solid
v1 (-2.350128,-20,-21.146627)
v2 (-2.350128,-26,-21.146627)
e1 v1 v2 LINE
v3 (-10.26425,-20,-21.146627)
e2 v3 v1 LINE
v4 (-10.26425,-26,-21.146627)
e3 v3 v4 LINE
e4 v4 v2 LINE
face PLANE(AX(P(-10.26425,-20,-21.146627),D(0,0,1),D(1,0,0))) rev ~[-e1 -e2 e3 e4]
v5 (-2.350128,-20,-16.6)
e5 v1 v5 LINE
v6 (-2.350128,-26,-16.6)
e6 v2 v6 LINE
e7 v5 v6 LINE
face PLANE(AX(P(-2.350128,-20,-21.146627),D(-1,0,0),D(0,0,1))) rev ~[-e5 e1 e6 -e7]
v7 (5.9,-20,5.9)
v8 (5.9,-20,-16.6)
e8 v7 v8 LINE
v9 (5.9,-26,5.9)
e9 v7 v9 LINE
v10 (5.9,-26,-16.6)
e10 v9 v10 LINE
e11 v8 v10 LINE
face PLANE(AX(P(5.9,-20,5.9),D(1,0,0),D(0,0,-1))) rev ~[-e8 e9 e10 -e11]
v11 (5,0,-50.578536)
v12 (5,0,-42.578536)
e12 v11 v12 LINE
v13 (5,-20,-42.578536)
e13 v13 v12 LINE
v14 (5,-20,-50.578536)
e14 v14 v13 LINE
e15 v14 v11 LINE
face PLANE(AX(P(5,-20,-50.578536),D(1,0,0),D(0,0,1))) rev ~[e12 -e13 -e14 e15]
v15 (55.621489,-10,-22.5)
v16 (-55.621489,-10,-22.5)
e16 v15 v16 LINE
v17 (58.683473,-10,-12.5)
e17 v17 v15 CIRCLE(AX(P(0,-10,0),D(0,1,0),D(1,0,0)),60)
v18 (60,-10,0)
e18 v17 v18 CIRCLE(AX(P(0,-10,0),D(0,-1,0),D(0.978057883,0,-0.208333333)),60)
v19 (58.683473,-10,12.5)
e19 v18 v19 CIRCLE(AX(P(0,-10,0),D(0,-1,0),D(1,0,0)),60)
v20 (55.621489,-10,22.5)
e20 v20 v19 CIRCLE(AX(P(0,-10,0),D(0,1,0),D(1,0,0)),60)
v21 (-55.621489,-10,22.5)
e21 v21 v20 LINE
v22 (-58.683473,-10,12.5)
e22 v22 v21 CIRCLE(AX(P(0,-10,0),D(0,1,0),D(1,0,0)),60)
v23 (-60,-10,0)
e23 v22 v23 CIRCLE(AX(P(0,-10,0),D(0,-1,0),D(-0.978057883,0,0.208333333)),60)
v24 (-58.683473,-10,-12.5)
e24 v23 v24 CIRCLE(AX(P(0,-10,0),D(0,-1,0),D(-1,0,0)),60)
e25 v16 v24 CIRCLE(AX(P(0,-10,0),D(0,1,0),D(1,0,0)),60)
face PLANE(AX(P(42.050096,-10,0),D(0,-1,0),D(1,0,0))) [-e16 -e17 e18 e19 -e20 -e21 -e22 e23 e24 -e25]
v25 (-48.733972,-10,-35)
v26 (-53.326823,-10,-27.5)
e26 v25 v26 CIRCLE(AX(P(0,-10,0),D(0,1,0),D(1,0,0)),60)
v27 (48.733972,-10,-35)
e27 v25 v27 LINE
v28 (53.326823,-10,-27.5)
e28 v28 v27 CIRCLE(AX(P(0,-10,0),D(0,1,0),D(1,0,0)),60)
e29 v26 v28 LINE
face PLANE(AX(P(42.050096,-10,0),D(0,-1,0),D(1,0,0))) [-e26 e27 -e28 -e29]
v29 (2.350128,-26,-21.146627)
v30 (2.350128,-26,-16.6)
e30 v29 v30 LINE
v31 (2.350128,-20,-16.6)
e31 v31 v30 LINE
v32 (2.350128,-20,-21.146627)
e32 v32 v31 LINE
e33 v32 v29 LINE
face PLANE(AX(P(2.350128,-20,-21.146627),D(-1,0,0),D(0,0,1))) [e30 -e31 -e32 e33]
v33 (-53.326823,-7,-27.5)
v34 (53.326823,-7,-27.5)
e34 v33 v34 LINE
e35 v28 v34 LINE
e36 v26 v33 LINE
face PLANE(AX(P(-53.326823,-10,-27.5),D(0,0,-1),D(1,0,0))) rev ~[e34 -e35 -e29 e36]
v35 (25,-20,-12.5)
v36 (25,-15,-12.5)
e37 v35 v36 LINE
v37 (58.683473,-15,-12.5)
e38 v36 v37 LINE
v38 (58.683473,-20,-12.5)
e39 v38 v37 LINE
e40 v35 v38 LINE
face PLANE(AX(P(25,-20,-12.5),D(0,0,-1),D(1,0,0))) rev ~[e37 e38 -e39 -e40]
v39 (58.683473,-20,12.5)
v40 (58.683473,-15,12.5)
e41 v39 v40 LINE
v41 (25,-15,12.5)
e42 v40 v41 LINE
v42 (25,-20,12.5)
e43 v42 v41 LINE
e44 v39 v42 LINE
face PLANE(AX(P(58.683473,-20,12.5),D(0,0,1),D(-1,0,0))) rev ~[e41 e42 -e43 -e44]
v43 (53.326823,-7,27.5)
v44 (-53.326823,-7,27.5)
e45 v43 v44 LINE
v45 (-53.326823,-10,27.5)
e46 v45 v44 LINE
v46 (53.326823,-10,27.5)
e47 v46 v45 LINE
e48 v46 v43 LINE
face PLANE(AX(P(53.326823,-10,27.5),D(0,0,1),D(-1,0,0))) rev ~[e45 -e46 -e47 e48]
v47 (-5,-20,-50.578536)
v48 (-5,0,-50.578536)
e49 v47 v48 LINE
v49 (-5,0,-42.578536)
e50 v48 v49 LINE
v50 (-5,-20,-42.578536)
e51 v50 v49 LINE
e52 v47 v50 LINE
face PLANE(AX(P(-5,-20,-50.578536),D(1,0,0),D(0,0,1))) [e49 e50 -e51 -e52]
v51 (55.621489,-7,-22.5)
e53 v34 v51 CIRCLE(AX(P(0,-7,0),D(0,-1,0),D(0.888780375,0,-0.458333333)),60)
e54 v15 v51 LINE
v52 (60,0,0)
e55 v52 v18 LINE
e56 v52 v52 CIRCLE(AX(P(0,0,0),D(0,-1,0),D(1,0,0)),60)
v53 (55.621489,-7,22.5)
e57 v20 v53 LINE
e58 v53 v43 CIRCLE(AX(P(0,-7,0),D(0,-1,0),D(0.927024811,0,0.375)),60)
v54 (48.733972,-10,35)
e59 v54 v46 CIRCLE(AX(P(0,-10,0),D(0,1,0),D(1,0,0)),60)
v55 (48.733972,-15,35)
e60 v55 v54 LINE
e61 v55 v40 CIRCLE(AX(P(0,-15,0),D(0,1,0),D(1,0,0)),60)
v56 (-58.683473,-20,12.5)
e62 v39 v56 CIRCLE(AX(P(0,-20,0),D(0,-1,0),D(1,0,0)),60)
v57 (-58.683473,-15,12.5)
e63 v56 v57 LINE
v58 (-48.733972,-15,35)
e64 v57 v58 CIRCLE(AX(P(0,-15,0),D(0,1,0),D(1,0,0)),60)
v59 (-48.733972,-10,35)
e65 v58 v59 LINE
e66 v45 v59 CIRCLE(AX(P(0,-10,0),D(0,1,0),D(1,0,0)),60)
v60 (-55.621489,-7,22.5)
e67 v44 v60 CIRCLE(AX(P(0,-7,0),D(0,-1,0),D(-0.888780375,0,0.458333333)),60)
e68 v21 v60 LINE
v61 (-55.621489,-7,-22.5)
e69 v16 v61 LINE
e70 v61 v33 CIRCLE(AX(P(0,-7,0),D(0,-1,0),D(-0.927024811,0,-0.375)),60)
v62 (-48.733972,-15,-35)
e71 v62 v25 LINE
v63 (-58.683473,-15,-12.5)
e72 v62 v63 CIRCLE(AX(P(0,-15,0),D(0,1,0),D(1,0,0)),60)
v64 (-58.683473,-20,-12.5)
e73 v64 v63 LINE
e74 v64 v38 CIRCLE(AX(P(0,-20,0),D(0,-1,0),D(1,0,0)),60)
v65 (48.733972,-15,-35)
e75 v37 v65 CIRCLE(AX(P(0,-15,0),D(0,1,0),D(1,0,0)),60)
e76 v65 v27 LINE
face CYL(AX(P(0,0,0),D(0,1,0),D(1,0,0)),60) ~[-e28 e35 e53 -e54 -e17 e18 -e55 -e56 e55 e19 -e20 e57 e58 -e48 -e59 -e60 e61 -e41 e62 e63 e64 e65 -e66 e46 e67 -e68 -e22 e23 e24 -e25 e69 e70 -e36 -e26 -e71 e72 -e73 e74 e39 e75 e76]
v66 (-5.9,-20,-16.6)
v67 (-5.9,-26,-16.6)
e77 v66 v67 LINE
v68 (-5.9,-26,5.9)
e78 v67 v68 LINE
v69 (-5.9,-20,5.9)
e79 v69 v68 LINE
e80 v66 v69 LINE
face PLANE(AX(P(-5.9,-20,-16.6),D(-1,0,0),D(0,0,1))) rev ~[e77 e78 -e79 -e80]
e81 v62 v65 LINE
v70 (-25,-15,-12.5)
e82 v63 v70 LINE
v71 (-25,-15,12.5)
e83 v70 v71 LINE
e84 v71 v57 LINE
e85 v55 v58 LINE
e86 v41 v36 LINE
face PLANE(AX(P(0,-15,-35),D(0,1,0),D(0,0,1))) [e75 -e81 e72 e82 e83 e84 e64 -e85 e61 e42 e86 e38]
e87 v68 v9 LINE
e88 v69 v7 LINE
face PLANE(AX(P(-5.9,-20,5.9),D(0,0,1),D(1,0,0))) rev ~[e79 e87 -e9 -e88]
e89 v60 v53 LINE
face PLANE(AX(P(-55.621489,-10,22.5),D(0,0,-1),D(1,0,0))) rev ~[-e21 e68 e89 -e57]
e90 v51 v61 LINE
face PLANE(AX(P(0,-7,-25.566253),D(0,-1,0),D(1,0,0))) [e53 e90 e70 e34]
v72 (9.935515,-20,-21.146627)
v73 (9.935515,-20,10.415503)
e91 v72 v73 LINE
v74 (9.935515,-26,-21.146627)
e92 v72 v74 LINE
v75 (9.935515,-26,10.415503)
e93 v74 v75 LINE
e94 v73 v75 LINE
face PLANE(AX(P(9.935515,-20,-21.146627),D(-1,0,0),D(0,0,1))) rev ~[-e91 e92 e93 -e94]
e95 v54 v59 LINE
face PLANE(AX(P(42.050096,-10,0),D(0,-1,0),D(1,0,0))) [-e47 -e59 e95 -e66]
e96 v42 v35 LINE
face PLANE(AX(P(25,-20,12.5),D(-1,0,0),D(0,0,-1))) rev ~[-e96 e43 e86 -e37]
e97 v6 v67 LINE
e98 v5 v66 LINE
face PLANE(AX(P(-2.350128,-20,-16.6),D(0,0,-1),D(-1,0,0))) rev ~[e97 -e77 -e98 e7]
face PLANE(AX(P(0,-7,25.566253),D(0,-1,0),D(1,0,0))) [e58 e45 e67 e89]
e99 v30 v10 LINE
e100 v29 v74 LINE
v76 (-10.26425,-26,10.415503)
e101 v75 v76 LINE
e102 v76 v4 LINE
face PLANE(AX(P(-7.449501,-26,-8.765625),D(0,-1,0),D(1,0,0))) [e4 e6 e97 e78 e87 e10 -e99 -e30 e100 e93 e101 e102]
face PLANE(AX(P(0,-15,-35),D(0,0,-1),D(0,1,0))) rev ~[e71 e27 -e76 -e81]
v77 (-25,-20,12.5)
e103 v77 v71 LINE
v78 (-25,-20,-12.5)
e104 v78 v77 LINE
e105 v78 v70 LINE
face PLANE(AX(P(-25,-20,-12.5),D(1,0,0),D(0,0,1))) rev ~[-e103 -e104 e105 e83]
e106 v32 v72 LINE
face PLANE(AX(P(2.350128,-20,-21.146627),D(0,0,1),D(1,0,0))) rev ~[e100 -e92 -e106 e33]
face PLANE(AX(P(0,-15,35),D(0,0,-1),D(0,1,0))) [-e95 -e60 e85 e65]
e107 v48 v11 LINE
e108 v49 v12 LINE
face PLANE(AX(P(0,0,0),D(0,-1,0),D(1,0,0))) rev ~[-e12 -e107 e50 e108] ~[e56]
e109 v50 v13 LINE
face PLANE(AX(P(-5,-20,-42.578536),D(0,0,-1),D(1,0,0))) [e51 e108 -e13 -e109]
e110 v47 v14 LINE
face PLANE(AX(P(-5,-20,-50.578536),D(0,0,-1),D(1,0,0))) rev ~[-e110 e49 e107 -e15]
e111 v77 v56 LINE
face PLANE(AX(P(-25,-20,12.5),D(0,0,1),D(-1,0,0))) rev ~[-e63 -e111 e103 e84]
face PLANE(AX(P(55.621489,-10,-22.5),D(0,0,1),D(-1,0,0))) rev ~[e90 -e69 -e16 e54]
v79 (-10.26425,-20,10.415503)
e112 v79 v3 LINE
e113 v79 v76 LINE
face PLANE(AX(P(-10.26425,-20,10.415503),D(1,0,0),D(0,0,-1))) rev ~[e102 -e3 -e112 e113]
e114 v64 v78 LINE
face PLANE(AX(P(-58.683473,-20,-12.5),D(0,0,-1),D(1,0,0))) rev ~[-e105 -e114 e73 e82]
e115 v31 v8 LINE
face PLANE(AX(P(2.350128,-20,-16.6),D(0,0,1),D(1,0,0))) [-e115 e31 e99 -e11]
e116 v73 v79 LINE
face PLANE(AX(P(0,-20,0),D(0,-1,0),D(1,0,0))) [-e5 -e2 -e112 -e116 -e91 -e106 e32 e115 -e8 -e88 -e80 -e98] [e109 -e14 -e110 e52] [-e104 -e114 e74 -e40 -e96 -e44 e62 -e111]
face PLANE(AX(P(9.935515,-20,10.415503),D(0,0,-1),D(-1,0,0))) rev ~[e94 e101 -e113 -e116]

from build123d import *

# Parameters (mm, degrees)
F0_R      = 60
F1_DEPTH  = 20
F3_DEPTH  = 10
F4_W      = 5
F4_H      = 70
F5_DEPTH  = 60
F7_DEPTH  = 3
F8_W      = 3.5498722099
F8_H      = 4.546627143
F9_DEPTH  = 6
F10_W     = 10
F10_H     = 8
F11_DEPTH = 20.001


with BuildPart() as f1:
    # F0 (on Front) → F1 (new body)
    with BuildSketch(Plane.XZ):
        Circle(F0_R)
    extrude(amount=F1_DEPTH)

    # F2 (on face) → F3 (cut)
    with BuildSketch(Plane.XZ.offset(20)):
        with BuildLine():
            Line((-25, -12.5), (-25, 12.5))
            Line((-25, 12.5), (-58.6834729715, 12.5))
            ThreePointArc((-58.6834729715, 12.5), (-59.6699605258, 6.2845692656), (-60, 0))
            ThreePointArc((-60, 0), (-59.6699605258, -6.2845692656), (-58.6834729715, -12.5))
            Line((-58.6834729715, -12.5), (-25, -12.5))
        make_face()
        with BuildLine():
            Line((58.6834729715, 12.5), (25, 12.5))
            Line((25, 12.5), (25, -12.5))
            Line((25, -12.5), (58.6834729715, -12.5))
            ThreePointArc((58.6834729715, -12.5), (59.6699605258, -6.2845692656), (60, 0))
            ThreePointArc((60, 0), (59.6699605258, 6.2845692656), (58.6834729715, 12.5))
        make_face()
    extrude(amount=-F3_DEPTH, mode=Mode.SUBTRACT)

    # F4 (on Right) → F5 (cut, symmetric)
    with BuildSketch(Plane.YZ):
        with Locations((-12.5, 0)):
            Rectangle(F4_W, F4_H)
    extrude(amount=F5_DEPTH, both=True, mode=Mode.SUBTRACT)

    # F6 (on face) → F7 (cut)
    with BuildSketch(Plane.XZ.offset(10)):
        with BuildLine():
            Line((30, -22.5), (30, -25))
            Line((30, -25), (-30, -25))
            Line((-30, -25), (-30, -22.5))
            Line((-30, -22.5), (-55.6214886532, -22.5))
            ThreePointArc((-55.6214886532, -22.5), (-54.531492065, -25.0263136152), (-53.3268225193, -27.5))
            Line((-53.3268225193, -27.5), (0, -27.5))
            Line((0, -27.5), (53.3268225193, -27.5))
            ThreePointArc((53.3268225193, -27.5), (54.531492065, -25.0263136152), (55.6214886532, -22.5))
            Line((55.6214886532, -22.5), (30, -22.5))
        make_face()
        with BuildLine():
            Line((30, 25), (30, 22.5))
            Line((30, 22.5), (55.6214886532, 22.5))
            ThreePointArc((55.6214886532, 22.5), (54.531492065, 25.0263136152), (53.3268225193, 27.5))
            Line((53.3268225193, 27.5), (0, 27.5))
            Line((0, 27.5), (-53.3268225193, 27.5))
            ThreePointArc((-53.3268225193, 27.5), (-54.531492065, 25.0263136152), (-55.6214886532, 22.5))
            Line((-55.6214886532, 22.5), (-30, 22.5))
            Line((-30, 22.5), (-30, 25))
            Line((-30, 25), (30, 25))
        make_face()
        Polygon((0, 22.5), (30, 22.5), (30, 25), (-30, 25), (-30, 22.5), align=None)
        Polygon((-30, -25), (30, -25), (30, -22.5), (0, -22.5), (-30, -22.5), align=None)
    extrude(amount=-F7_DEPTH, mode=Mode.SUBTRACT)

    # F8 (on face) → F9 (join)
    with BuildSketch(Plane.XZ.offset(20)):
        Polygon((-5.9, -16.6), (-5.9, 5.9), (-10.2642504498, 5.9), (-10.2642504498, -21.146627143), (-2.3501277901, -21.146627143), (-2.3501277901, -16.6), align=None)
        Polygon((-10.2642504498, 5.9), (-5.9, 5.9), (5.9, 5.9), (5.9, -16.6), (5.9, -21.146627143), (9.9355150014, -21.146627143), (9.9355150014, 10.4155028239), (-10.2642504498, 10.4155028239), align=None)
        with Locations((4.1250638951, -18.8733135715)):
            Rectangle(F8_W, F8_H)
    extrude(amount=F9_DEPTH)

    # F10 (on face) → F11 (cut, through all)
    with BuildSketch(Plane.XZ.offset(20)):
        with Locations((0, -46.5785360177)):
            Rectangle(F10_W, F10_H)
    extrude(amount=-F11_DEPTH, mode=Mode.SUBTRACT)


solid = f1.part
